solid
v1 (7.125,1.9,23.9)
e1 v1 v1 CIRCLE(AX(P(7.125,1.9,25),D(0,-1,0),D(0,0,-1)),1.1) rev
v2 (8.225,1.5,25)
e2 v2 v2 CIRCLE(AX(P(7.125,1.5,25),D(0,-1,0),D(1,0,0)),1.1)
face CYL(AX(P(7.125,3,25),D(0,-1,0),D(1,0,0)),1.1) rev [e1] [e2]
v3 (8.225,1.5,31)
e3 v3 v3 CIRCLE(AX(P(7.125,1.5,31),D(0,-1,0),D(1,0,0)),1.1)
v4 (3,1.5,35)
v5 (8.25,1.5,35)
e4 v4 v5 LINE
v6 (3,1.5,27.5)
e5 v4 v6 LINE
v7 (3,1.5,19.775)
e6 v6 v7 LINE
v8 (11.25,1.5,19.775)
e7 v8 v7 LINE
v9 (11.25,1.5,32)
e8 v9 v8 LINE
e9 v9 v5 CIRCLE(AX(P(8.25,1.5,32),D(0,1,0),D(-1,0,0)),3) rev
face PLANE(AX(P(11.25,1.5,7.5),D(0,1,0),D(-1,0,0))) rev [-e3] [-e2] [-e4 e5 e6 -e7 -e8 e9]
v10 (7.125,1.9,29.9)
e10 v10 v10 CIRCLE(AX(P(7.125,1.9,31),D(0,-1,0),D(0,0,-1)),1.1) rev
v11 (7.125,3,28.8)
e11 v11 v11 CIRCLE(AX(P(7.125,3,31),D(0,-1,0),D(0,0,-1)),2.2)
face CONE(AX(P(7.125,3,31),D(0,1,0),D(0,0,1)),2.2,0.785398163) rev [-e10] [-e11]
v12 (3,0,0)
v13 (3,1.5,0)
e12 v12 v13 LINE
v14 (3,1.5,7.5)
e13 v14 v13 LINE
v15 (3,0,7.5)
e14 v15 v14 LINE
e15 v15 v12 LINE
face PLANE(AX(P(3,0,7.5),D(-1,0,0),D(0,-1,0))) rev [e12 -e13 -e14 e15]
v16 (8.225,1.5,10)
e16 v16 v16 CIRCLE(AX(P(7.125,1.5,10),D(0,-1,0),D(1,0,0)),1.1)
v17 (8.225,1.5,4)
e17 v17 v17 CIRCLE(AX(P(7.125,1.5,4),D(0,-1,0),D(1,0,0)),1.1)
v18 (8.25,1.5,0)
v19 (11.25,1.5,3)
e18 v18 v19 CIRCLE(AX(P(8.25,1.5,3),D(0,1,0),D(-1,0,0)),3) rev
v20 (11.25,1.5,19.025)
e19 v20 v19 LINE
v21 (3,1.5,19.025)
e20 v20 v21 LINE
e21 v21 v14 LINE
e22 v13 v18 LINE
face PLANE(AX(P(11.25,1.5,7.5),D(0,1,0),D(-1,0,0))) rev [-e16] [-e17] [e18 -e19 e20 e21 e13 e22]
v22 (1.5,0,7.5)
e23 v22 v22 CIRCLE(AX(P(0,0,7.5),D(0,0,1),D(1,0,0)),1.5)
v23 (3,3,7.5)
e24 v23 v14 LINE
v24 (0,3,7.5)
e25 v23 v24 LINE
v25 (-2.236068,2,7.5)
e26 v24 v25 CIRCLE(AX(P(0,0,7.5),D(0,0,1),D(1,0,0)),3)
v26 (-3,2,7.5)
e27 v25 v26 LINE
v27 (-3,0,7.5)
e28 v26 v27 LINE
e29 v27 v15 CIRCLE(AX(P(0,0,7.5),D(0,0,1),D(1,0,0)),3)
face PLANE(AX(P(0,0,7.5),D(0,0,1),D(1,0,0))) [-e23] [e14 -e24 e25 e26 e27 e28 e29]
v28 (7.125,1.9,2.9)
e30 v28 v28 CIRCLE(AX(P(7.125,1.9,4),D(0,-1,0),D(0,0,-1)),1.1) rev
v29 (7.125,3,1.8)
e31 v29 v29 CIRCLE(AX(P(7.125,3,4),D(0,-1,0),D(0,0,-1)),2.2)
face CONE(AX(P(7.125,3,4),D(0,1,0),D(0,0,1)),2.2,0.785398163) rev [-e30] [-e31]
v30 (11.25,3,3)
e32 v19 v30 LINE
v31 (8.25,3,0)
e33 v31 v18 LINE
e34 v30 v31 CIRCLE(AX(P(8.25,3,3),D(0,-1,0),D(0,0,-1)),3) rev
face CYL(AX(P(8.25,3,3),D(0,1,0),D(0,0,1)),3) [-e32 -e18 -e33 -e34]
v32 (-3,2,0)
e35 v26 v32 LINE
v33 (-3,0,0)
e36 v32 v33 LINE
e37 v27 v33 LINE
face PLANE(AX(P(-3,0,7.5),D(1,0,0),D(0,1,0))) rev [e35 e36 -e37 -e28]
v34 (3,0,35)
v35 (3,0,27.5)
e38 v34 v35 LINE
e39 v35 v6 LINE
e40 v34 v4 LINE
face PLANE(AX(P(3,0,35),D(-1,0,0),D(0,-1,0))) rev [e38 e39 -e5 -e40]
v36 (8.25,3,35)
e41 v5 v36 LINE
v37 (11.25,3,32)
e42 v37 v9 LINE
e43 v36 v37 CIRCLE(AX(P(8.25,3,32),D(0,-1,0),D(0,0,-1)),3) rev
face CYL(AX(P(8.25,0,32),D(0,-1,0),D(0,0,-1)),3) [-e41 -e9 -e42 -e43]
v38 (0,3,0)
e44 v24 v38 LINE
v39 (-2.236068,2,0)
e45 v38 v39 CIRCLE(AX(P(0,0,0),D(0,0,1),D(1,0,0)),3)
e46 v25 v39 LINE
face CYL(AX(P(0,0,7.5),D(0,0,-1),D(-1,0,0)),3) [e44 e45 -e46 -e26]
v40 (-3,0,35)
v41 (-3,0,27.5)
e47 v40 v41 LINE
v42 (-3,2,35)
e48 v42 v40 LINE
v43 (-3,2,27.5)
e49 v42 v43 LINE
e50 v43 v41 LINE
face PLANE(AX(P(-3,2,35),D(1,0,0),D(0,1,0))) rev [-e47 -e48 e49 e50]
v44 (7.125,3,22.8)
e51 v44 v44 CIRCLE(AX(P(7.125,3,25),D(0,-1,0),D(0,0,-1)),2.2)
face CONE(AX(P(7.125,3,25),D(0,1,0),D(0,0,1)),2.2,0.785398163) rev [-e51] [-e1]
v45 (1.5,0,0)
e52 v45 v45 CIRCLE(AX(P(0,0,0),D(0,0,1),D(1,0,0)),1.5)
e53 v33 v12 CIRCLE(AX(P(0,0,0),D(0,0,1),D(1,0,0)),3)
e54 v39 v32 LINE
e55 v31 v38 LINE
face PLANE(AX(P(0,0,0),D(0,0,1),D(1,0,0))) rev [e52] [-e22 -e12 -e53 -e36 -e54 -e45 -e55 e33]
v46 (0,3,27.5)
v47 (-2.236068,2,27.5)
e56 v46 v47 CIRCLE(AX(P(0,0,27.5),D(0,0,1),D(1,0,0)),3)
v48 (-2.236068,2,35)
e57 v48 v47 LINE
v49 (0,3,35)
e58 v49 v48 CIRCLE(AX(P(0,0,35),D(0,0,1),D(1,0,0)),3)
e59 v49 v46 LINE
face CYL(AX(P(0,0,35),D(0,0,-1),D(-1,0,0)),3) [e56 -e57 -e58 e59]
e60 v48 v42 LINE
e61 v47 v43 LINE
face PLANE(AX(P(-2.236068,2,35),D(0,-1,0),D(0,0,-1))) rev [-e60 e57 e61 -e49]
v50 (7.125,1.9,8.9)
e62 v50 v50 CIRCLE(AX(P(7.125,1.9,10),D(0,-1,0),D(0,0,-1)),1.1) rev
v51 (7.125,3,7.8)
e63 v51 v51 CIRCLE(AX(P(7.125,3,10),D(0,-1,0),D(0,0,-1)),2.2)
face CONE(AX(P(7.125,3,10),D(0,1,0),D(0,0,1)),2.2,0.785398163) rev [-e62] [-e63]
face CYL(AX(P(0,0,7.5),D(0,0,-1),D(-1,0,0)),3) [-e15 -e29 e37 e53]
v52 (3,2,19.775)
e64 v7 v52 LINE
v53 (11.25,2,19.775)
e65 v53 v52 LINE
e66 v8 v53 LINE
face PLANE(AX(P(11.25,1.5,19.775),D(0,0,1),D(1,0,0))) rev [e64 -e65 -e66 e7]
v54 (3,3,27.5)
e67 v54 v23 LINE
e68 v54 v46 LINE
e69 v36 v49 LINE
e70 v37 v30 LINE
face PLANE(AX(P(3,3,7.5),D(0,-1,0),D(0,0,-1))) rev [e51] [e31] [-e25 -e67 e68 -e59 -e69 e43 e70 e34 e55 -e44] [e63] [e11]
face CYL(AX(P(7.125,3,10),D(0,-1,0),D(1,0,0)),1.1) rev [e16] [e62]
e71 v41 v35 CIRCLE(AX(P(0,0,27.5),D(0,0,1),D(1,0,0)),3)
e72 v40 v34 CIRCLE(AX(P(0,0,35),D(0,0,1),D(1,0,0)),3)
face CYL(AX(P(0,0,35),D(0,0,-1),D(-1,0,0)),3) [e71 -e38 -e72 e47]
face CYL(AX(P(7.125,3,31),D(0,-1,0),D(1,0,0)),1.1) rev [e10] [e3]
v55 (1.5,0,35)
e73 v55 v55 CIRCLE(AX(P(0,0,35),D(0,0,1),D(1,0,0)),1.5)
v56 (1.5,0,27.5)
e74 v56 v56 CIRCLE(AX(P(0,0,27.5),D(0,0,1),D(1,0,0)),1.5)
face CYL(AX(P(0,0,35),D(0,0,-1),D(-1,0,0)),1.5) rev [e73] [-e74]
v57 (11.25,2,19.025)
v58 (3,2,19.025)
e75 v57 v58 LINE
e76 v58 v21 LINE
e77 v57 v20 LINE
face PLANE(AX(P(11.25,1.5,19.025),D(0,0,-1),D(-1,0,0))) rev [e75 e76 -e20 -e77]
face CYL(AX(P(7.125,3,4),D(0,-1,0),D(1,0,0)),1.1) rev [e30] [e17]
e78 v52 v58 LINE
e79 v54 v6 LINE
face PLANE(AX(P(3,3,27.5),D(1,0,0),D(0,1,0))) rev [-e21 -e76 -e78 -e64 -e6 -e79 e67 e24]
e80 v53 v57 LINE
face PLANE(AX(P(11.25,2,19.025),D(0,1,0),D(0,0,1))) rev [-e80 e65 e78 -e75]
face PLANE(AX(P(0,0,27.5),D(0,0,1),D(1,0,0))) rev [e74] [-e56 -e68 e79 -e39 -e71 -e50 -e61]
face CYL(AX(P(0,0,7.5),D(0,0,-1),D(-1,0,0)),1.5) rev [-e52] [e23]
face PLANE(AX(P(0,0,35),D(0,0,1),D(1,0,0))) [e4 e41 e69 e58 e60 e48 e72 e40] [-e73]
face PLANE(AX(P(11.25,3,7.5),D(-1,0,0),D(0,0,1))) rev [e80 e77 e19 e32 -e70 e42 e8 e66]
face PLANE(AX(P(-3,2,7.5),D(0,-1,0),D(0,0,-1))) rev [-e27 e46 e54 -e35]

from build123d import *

# Parameters (mm, degrees)
SKETCH2_R           = 1.5
BOSS_EXTRUDE1_DEPTH = 7.5
SKETCH4_W           = 8.25
SKETCH4_H           = 1.5
BOSS_EXTRUDE3_DEPTH = 20
SKETCH5_R           = 1.5
BOSS_EXTRUDE4_DEPTH = 7.5
SKETCH6_W           = 0.75
SKETCH6_H           = 0.5
CUT_EXTRUDE1_DEPTH  = 9.25
SKETCH7_R           = 1.1
CUT_EXTRUDE2_DEPTH  = 2.5
CHAMFER1_SIZE       = 1.1
FILLET1_R           = 3


with BuildPart() as part:
    # Sketch2 → Boss-Extrude1 (new body)
    with BuildSketch(Plane.XY):
        with BuildLine():
            Line((3, 3), (11.25, 3))
            Line((11.25, 3), (11.25, 1.5))
            Line((11.25, 1.5), (3, 1.5))
            Line((3, 1.5), (3, 0))
            ThreePointArc((3, 0), (0, -3), (-3, 0))
            Line((-3, 0), (-3, 2))
            Line((-3, 2), (-2.236067977, 2))
            ThreePointArc((-2.236067977, 2), (-1.224744871, 2.738612788), (0, 3))
            Line((0, 3), (3, 3))
        make_face()
        Circle(SKETCH2_R, mode=Mode.SUBTRACT)
    extrude(amount=BOSS_EXTRUDE1_DEPTH)

    # Sketch4 → Boss-Extrude3 (add)
    with BuildSketch(Plane.XY.offset(7.5)):
        with Locations((7.125, 2.25)):
            Rectangle(SKETCH4_W, SKETCH4_H)
    extrude(amount=BOSS_EXTRUDE3_DEPTH)

    # Sketch5 → Boss-Extrude4 (add)
    with BuildSketch(Plane.XY.offset(27.5)):
        with BuildLine():
            Line((11.25, 1.5), (11.25, 3))
            Line((11.25, 3), (3, 3))
            Line((3, 3), (0, 3))
            ThreePointArc((0, 3), (-1.224744871, 2.738612788), (-2.236067977, 2))
            Line((-2.236067977, 2), (-3, 2))
            Line((-3, 2), (-3, 0))
            ThreePointArc((-3, 0), (0, -3), (3, 0))
            Line((3, 0), (3, 1.5))
            Line((3, 1.5), (11.25, 1.5))
        make_face()
        Circle(SKETCH5_R, mode=Mode.SUBTRACT)
    extrude(amount=BOSS_EXTRUDE4_DEPTH)

    # Sketch6 → Cut-Extrude1 (cut, through all)
    with BuildSketch(Plane.ZY.offset(-3)):
        with Locations((19.4, 1.75)):
            Rectangle(SKETCH6_W, SKETCH6_H)
    extrude(amount=-CUT_EXTRUDE1_DEPTH, mode=Mode.SUBTRACT)

    # Sketch7 → Cut-Extrude2 (cut, through all)
    with BuildSketch(Plane.XZ.offset(-1.5)):
        with Locations((7.125, 25)):
            Circle(SKETCH7_R)
        with Locations((7.125, 10)):
            Circle(SKETCH7_R)
        with Locations((7.125, 31)):
            Circle(SKETCH7_R)
        with Locations((7.125, 4)):
            Circle(SKETCH7_R)
    extrude(amount=-CUT_EXTRUDE2_DEPTH, mode=Mode.SUBTRACT)

    # Chamfer1
    chamfer1_edges = [part.edges().sort_by_distance(p)[0] for p in [
        (6.025, 3, 4),
        (6.025, 3, 31),
        (6.025, 3, 10),
        (6.025, 3, 25),
    ]]
    chamfer(chamfer1_edges, length=CHAMFER1_SIZE)

    # Fillet1
    fillet1_edges = [part.edges().sort_by_distance(p)[0] for p in [
        (11.25, 2.25, 35),
        (11.25, 2.25, 0),
    ]]
    fillet(fillet1_edges, radius=FILLET1_R)


solid = part.part
